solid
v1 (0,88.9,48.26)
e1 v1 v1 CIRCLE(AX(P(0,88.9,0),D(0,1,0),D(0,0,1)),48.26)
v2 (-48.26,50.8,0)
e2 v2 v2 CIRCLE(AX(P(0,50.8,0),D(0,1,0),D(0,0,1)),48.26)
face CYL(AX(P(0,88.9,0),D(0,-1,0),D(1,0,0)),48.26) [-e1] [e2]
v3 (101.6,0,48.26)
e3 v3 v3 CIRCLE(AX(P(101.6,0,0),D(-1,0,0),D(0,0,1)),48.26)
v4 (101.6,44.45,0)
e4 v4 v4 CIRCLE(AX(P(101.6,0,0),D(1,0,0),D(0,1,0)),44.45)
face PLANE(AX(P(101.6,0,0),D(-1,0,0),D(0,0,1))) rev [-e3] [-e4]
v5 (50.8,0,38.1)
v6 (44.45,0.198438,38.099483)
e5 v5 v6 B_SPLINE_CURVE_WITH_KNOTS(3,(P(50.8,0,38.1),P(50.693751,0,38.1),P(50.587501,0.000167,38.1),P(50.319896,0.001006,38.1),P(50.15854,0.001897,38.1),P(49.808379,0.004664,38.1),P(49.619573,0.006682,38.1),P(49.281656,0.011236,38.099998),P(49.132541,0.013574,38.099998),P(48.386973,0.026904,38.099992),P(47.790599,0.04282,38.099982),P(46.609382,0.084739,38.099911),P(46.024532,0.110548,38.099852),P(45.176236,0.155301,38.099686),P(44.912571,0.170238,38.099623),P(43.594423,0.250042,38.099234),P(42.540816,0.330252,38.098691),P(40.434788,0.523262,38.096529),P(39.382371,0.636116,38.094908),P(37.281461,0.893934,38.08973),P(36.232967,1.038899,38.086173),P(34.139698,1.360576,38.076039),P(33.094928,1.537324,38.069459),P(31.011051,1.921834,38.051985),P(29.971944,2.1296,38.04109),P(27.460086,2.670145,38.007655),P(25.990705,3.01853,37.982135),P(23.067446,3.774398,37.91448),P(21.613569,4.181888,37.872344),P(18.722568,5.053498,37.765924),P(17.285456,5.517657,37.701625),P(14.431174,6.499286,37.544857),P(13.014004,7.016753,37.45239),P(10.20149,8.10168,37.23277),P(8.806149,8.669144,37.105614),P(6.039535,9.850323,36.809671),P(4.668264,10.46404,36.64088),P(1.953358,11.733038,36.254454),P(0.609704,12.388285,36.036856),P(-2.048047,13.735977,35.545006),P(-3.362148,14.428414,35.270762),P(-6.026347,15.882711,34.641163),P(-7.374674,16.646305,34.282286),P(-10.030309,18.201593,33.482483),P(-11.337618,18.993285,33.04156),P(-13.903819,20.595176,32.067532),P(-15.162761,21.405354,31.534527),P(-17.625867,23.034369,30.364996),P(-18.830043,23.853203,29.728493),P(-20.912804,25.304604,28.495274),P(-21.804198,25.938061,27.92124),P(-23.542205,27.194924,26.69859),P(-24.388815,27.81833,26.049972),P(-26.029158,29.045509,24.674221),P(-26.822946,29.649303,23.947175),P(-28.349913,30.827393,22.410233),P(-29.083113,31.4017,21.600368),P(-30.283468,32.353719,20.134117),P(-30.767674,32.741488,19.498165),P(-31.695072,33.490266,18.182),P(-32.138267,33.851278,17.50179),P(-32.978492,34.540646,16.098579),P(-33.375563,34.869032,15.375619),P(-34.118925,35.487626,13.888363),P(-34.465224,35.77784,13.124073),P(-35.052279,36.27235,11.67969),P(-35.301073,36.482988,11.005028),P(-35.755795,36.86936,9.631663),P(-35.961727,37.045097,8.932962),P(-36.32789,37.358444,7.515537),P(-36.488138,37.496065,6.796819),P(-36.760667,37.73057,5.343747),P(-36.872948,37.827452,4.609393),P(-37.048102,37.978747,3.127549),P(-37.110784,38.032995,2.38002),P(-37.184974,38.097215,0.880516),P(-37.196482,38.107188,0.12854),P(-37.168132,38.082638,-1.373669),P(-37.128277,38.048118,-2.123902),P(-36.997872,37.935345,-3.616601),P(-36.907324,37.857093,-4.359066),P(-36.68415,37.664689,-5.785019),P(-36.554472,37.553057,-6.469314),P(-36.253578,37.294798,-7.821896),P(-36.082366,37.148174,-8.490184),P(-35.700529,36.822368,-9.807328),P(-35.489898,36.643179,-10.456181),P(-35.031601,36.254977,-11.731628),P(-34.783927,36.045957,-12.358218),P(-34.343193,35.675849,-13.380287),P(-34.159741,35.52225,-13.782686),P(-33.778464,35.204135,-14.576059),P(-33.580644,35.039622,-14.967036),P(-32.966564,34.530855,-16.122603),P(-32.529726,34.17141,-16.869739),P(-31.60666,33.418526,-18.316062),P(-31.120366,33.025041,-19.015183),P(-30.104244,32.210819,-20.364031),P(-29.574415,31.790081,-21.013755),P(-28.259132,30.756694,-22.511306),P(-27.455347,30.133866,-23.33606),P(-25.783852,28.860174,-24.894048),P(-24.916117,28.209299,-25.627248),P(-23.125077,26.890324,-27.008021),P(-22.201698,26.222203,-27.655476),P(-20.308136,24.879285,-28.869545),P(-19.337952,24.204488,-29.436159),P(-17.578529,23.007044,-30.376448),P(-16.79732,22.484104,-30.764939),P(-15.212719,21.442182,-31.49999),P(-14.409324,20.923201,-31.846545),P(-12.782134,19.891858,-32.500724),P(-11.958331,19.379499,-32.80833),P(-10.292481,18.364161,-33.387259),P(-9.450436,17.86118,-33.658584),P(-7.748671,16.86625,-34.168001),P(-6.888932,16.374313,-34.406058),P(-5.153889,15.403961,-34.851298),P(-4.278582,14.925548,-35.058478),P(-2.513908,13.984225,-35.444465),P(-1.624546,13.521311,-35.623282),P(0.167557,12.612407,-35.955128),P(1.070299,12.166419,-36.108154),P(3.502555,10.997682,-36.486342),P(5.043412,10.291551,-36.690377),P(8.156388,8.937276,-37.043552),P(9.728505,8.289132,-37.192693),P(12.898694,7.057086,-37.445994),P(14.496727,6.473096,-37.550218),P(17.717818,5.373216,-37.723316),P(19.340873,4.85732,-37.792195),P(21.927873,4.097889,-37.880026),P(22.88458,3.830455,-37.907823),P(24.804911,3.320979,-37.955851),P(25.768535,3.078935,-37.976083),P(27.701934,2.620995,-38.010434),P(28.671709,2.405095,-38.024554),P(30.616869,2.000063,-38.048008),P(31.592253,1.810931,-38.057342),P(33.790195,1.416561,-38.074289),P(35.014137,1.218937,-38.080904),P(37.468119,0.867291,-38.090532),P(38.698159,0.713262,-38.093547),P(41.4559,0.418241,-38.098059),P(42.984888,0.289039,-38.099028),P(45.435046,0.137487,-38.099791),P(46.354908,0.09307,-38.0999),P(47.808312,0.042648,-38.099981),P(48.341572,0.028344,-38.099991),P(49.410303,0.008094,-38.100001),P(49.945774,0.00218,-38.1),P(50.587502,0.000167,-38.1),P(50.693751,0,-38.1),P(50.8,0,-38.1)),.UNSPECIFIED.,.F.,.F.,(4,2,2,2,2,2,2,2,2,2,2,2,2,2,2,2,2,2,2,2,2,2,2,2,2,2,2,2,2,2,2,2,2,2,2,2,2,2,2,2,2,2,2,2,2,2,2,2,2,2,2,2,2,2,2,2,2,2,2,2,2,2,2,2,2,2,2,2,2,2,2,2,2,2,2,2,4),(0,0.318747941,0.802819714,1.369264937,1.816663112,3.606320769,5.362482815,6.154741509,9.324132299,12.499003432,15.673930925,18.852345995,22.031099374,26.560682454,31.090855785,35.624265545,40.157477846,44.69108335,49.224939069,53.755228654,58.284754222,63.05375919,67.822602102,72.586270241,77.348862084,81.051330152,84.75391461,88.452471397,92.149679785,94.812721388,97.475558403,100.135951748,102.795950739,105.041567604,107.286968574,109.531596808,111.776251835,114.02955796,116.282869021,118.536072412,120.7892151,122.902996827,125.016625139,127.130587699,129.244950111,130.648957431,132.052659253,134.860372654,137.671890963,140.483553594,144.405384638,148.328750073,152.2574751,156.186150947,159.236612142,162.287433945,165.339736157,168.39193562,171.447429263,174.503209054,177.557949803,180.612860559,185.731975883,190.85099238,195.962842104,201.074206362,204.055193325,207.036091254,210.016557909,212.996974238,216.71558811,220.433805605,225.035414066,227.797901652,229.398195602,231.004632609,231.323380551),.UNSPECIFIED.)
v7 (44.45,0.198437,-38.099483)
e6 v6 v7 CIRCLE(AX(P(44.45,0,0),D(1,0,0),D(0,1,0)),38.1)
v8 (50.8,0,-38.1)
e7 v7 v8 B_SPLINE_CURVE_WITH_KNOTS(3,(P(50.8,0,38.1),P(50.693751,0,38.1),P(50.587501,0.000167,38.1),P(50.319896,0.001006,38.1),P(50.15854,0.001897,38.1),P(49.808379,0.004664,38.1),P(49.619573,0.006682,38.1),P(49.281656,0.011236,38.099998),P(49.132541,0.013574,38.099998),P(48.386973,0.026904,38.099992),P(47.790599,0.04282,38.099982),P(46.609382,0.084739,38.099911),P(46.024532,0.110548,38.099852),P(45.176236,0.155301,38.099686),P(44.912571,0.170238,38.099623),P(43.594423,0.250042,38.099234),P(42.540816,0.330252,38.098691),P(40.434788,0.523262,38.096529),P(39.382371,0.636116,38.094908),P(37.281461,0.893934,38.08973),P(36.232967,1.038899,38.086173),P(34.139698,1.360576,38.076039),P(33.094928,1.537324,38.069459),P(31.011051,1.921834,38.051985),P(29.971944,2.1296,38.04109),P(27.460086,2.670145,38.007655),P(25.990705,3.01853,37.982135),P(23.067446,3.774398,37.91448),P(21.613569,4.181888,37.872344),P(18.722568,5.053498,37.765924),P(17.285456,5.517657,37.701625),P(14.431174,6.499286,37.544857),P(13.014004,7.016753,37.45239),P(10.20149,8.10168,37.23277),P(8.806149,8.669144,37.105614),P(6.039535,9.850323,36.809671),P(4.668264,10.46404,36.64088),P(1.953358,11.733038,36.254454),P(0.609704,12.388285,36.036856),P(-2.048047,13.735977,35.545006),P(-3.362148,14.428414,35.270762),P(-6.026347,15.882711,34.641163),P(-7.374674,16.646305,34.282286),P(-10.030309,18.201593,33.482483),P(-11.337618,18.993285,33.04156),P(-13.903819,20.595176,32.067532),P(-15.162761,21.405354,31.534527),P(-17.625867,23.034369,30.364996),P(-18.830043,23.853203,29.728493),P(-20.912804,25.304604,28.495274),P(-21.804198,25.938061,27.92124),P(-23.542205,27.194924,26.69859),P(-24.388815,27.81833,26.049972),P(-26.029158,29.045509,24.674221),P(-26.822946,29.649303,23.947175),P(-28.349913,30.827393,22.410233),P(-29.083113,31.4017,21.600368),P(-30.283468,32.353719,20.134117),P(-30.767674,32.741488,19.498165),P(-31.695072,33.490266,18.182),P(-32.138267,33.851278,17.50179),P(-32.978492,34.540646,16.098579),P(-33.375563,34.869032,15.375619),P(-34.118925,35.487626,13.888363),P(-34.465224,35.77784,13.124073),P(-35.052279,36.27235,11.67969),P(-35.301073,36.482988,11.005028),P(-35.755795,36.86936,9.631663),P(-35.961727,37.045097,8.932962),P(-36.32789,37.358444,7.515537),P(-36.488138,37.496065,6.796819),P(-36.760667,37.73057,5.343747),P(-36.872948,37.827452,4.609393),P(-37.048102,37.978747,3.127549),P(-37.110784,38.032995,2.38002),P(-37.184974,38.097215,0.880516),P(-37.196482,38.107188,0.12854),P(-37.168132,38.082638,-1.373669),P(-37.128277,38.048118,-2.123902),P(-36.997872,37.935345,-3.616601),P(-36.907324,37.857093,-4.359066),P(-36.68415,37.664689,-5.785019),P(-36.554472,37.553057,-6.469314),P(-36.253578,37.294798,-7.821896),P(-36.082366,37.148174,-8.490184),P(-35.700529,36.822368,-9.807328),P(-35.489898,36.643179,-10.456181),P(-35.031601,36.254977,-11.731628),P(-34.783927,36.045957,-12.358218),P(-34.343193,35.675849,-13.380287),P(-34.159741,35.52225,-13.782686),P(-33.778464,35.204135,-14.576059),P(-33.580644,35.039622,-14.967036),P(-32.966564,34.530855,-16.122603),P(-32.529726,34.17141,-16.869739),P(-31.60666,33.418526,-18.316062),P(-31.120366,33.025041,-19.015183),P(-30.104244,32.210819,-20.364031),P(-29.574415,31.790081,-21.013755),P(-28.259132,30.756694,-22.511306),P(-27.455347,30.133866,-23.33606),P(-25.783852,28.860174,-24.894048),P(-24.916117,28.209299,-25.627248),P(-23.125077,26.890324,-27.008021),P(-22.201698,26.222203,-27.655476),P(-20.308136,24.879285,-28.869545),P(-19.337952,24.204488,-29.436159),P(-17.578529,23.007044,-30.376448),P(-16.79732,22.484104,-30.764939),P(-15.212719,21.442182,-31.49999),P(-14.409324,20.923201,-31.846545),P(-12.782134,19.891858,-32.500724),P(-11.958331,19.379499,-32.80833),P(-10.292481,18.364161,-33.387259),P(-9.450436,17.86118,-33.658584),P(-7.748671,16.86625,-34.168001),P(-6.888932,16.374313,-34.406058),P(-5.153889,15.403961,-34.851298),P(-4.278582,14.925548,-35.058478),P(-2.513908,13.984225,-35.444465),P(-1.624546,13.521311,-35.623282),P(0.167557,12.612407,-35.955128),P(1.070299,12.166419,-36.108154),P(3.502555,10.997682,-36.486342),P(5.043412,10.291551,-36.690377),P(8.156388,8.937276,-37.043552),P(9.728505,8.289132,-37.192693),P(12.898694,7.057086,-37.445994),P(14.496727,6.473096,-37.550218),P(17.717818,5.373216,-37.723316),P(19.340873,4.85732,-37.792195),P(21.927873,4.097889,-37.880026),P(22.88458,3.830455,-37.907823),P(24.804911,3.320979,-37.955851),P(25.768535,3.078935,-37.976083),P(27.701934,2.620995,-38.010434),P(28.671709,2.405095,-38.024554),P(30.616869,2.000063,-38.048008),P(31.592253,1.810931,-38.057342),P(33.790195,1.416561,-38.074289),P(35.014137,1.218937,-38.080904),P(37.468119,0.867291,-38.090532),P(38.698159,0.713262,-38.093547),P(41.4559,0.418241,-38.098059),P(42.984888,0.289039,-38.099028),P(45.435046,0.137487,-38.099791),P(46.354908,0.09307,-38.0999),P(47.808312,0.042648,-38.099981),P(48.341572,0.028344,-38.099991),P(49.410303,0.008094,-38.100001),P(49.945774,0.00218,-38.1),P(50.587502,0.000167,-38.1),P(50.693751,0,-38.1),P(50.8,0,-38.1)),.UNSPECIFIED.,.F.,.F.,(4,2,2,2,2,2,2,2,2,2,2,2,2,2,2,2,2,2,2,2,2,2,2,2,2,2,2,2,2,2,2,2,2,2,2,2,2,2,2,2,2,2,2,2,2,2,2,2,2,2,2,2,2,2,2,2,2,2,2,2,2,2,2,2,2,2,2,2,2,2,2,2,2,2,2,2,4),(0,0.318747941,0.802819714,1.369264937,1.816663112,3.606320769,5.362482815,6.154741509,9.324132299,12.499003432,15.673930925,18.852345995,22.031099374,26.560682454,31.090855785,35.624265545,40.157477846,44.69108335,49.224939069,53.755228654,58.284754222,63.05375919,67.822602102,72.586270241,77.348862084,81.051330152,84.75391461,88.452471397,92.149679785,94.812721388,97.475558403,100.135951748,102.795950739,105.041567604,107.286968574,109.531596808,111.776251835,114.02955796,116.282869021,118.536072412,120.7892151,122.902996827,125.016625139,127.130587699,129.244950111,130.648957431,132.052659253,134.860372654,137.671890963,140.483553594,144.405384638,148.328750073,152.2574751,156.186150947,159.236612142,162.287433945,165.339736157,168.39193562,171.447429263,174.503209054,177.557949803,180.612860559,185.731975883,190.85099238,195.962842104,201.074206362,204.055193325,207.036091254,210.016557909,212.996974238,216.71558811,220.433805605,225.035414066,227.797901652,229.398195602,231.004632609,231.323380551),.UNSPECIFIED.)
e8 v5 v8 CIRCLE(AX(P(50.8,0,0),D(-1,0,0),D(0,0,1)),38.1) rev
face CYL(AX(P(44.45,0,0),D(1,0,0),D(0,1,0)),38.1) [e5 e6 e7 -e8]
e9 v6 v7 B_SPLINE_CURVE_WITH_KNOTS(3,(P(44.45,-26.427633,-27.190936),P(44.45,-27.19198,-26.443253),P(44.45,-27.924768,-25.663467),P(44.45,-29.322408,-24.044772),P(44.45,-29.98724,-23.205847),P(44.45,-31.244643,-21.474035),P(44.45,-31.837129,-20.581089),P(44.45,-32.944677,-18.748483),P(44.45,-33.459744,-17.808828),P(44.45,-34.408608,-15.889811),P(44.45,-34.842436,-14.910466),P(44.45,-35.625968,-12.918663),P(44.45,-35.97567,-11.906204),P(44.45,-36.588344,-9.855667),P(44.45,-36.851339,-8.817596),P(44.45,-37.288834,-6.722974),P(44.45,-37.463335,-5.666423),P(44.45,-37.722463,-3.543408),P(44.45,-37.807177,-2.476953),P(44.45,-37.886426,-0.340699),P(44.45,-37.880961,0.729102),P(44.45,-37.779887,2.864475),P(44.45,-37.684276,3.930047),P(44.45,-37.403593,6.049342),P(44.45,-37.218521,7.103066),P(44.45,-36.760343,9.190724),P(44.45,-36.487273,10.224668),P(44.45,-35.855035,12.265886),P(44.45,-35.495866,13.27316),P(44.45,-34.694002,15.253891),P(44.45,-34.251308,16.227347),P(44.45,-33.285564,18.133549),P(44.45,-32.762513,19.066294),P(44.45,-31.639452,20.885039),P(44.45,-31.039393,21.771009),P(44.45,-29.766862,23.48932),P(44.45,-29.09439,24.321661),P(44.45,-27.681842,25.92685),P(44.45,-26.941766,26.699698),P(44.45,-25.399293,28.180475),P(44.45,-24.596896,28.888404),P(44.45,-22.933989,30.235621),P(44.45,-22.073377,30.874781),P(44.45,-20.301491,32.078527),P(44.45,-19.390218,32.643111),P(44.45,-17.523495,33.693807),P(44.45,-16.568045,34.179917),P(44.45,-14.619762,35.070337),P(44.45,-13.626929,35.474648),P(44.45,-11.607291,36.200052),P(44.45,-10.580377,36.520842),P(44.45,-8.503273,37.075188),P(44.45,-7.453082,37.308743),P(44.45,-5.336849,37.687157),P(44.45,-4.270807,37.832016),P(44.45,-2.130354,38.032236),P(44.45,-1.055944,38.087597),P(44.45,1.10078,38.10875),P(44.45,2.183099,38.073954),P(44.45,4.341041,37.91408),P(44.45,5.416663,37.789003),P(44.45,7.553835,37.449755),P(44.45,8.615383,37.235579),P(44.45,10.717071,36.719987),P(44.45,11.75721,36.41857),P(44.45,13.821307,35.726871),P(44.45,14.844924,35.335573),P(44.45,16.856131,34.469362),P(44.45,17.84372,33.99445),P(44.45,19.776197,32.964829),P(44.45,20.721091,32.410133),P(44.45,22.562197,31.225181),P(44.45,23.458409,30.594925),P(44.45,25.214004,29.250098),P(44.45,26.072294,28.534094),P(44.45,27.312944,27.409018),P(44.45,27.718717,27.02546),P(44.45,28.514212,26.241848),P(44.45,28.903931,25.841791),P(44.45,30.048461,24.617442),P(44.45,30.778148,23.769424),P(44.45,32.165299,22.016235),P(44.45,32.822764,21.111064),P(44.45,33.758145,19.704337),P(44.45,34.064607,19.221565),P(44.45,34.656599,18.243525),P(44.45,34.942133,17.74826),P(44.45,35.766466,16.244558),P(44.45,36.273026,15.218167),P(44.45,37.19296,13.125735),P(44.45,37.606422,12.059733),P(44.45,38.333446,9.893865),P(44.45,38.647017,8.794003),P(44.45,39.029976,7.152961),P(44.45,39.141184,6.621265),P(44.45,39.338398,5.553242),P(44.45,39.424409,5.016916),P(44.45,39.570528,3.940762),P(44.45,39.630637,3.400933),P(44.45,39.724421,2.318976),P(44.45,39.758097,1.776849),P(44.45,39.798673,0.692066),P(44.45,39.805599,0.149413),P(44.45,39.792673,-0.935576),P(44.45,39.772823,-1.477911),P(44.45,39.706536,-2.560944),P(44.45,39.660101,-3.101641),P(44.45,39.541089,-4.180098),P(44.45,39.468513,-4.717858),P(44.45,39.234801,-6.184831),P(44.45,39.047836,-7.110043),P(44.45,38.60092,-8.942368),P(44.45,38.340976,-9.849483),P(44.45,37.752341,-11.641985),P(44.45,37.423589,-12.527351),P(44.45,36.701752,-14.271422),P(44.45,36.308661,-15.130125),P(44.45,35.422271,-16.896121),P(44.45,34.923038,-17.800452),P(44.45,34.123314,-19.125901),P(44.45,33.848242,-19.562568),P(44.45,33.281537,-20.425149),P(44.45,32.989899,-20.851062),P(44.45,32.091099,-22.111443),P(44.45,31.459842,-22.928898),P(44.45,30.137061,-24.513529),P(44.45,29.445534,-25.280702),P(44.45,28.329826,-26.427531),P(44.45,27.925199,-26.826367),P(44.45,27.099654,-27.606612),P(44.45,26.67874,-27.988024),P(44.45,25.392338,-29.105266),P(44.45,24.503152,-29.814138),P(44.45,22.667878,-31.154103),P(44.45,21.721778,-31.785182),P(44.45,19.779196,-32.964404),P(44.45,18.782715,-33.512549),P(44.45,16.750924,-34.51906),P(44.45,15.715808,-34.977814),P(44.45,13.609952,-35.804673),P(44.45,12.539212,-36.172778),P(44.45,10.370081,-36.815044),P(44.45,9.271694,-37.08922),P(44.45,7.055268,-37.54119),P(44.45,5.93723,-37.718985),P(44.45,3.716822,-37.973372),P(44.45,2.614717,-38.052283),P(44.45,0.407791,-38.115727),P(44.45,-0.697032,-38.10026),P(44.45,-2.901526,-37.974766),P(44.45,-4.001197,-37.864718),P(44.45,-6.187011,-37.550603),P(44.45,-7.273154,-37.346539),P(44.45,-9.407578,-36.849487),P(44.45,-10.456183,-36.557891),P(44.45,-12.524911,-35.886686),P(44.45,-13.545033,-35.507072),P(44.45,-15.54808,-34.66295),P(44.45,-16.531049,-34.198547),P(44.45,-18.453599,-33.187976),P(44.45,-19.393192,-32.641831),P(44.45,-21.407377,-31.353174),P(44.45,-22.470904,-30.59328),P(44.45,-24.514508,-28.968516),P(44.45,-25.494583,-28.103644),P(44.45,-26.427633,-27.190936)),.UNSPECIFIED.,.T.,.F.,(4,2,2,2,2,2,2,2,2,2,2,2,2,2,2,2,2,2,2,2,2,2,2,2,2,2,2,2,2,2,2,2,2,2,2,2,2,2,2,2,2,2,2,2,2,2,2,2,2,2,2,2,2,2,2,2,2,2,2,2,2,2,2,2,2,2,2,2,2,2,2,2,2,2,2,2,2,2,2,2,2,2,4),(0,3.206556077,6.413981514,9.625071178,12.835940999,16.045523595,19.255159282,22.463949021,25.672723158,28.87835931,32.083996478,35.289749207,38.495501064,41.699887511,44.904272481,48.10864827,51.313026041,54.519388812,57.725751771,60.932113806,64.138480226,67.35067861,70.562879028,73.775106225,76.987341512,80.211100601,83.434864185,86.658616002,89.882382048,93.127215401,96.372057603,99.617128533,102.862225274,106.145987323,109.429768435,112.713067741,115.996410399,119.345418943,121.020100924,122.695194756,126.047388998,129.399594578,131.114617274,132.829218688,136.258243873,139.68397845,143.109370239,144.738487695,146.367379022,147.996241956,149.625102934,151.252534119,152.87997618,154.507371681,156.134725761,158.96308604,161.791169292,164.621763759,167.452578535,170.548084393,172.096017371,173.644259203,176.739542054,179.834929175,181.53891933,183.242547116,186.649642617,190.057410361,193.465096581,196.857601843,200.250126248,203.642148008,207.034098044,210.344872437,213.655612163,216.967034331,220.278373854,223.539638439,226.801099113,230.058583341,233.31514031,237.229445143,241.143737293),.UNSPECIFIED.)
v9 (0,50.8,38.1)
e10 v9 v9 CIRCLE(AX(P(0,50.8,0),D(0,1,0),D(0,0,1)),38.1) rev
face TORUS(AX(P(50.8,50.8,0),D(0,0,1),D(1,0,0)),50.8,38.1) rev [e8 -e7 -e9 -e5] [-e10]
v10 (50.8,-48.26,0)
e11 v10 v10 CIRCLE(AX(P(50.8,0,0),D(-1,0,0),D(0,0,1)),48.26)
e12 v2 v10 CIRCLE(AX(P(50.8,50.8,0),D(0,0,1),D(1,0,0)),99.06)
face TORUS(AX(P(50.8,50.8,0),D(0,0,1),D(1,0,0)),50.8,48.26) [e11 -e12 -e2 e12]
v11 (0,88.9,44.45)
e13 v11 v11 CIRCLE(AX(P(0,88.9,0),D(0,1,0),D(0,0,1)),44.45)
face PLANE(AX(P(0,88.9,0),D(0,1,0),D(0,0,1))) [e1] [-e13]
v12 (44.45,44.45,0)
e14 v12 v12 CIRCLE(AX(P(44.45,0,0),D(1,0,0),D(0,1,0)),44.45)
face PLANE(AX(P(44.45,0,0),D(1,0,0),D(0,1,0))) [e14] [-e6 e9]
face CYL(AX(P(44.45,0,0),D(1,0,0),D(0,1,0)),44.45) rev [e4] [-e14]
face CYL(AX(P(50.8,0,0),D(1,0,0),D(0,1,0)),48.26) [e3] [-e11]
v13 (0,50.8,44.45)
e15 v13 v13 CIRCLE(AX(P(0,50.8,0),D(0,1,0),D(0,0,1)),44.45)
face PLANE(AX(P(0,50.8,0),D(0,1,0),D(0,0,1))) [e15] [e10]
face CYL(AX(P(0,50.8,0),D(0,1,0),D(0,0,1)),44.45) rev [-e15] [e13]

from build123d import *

# Parameters (mm, degrees)
SKETCH2_R          = 48.26
SKETCH2_R_2        = 38.1
SKETCH3_R          = 44.45
SKETCH3_R_2        = 38.1
CUT_EXTRUDE1_DEPTH = 57.15
SKETCH4_R          = 44.45
SKETCH4_R_2        = 38.1
CUT_EXTRUDE2_DEPTH = 38.1


with BuildPart() as part:
    # Sweep1: sweep along a path in Sketch1
    with BuildLine(Plane.XY) as sweep1_path:
        Line((0, 88.9), (0, 50.8))
        ThreePointArc((0, 50.8), (14.878975516, 14.878975516), (50.8, 0))
        Line((50.8, 0), (101.6, 0))
    # Sketch2 → Sweep1 (sweep)
    with BuildSketch(Plane(origin=(0, 88.9, 0), x_dir=(1, 0, 0), z_dir=(0, 1, 0))):
        Circle(SKETCH2_R)
        Circle(SKETCH2_R_2, mode=Mode.SUBTRACT)
    sweep(path=sweep1_path.line)

    # Sketch3 → Cut-Extrude1 (cut)
    with BuildSketch(Plane(origin=(101.6, 0, 0), x_dir=(0, 0, -1), z_dir=(1, 0, 0))):
        Circle(SKETCH3_R)
        Circle(SKETCH3_R_2, mode=Mode.SUBTRACT)
    extrude(amount=-CUT_EXTRUDE1_DEPTH, mode=Mode.SUBTRACT)

    # Sketch4 → Cut-Extrude2 (cut)
    with BuildSketch(Plane(origin=(0, 88.9, 0), x_dir=(1, 0, 0), z_dir=(0, 1, 0))):
        Circle(SKETCH4_R)
        Circle(SKETCH4_R_2, mode=Mode.SUBTRACT)
    extrude(amount=-CUT_EXTRUDE2_DEPTH, mode=Mode.SUBTRACT)


solid = part.part
